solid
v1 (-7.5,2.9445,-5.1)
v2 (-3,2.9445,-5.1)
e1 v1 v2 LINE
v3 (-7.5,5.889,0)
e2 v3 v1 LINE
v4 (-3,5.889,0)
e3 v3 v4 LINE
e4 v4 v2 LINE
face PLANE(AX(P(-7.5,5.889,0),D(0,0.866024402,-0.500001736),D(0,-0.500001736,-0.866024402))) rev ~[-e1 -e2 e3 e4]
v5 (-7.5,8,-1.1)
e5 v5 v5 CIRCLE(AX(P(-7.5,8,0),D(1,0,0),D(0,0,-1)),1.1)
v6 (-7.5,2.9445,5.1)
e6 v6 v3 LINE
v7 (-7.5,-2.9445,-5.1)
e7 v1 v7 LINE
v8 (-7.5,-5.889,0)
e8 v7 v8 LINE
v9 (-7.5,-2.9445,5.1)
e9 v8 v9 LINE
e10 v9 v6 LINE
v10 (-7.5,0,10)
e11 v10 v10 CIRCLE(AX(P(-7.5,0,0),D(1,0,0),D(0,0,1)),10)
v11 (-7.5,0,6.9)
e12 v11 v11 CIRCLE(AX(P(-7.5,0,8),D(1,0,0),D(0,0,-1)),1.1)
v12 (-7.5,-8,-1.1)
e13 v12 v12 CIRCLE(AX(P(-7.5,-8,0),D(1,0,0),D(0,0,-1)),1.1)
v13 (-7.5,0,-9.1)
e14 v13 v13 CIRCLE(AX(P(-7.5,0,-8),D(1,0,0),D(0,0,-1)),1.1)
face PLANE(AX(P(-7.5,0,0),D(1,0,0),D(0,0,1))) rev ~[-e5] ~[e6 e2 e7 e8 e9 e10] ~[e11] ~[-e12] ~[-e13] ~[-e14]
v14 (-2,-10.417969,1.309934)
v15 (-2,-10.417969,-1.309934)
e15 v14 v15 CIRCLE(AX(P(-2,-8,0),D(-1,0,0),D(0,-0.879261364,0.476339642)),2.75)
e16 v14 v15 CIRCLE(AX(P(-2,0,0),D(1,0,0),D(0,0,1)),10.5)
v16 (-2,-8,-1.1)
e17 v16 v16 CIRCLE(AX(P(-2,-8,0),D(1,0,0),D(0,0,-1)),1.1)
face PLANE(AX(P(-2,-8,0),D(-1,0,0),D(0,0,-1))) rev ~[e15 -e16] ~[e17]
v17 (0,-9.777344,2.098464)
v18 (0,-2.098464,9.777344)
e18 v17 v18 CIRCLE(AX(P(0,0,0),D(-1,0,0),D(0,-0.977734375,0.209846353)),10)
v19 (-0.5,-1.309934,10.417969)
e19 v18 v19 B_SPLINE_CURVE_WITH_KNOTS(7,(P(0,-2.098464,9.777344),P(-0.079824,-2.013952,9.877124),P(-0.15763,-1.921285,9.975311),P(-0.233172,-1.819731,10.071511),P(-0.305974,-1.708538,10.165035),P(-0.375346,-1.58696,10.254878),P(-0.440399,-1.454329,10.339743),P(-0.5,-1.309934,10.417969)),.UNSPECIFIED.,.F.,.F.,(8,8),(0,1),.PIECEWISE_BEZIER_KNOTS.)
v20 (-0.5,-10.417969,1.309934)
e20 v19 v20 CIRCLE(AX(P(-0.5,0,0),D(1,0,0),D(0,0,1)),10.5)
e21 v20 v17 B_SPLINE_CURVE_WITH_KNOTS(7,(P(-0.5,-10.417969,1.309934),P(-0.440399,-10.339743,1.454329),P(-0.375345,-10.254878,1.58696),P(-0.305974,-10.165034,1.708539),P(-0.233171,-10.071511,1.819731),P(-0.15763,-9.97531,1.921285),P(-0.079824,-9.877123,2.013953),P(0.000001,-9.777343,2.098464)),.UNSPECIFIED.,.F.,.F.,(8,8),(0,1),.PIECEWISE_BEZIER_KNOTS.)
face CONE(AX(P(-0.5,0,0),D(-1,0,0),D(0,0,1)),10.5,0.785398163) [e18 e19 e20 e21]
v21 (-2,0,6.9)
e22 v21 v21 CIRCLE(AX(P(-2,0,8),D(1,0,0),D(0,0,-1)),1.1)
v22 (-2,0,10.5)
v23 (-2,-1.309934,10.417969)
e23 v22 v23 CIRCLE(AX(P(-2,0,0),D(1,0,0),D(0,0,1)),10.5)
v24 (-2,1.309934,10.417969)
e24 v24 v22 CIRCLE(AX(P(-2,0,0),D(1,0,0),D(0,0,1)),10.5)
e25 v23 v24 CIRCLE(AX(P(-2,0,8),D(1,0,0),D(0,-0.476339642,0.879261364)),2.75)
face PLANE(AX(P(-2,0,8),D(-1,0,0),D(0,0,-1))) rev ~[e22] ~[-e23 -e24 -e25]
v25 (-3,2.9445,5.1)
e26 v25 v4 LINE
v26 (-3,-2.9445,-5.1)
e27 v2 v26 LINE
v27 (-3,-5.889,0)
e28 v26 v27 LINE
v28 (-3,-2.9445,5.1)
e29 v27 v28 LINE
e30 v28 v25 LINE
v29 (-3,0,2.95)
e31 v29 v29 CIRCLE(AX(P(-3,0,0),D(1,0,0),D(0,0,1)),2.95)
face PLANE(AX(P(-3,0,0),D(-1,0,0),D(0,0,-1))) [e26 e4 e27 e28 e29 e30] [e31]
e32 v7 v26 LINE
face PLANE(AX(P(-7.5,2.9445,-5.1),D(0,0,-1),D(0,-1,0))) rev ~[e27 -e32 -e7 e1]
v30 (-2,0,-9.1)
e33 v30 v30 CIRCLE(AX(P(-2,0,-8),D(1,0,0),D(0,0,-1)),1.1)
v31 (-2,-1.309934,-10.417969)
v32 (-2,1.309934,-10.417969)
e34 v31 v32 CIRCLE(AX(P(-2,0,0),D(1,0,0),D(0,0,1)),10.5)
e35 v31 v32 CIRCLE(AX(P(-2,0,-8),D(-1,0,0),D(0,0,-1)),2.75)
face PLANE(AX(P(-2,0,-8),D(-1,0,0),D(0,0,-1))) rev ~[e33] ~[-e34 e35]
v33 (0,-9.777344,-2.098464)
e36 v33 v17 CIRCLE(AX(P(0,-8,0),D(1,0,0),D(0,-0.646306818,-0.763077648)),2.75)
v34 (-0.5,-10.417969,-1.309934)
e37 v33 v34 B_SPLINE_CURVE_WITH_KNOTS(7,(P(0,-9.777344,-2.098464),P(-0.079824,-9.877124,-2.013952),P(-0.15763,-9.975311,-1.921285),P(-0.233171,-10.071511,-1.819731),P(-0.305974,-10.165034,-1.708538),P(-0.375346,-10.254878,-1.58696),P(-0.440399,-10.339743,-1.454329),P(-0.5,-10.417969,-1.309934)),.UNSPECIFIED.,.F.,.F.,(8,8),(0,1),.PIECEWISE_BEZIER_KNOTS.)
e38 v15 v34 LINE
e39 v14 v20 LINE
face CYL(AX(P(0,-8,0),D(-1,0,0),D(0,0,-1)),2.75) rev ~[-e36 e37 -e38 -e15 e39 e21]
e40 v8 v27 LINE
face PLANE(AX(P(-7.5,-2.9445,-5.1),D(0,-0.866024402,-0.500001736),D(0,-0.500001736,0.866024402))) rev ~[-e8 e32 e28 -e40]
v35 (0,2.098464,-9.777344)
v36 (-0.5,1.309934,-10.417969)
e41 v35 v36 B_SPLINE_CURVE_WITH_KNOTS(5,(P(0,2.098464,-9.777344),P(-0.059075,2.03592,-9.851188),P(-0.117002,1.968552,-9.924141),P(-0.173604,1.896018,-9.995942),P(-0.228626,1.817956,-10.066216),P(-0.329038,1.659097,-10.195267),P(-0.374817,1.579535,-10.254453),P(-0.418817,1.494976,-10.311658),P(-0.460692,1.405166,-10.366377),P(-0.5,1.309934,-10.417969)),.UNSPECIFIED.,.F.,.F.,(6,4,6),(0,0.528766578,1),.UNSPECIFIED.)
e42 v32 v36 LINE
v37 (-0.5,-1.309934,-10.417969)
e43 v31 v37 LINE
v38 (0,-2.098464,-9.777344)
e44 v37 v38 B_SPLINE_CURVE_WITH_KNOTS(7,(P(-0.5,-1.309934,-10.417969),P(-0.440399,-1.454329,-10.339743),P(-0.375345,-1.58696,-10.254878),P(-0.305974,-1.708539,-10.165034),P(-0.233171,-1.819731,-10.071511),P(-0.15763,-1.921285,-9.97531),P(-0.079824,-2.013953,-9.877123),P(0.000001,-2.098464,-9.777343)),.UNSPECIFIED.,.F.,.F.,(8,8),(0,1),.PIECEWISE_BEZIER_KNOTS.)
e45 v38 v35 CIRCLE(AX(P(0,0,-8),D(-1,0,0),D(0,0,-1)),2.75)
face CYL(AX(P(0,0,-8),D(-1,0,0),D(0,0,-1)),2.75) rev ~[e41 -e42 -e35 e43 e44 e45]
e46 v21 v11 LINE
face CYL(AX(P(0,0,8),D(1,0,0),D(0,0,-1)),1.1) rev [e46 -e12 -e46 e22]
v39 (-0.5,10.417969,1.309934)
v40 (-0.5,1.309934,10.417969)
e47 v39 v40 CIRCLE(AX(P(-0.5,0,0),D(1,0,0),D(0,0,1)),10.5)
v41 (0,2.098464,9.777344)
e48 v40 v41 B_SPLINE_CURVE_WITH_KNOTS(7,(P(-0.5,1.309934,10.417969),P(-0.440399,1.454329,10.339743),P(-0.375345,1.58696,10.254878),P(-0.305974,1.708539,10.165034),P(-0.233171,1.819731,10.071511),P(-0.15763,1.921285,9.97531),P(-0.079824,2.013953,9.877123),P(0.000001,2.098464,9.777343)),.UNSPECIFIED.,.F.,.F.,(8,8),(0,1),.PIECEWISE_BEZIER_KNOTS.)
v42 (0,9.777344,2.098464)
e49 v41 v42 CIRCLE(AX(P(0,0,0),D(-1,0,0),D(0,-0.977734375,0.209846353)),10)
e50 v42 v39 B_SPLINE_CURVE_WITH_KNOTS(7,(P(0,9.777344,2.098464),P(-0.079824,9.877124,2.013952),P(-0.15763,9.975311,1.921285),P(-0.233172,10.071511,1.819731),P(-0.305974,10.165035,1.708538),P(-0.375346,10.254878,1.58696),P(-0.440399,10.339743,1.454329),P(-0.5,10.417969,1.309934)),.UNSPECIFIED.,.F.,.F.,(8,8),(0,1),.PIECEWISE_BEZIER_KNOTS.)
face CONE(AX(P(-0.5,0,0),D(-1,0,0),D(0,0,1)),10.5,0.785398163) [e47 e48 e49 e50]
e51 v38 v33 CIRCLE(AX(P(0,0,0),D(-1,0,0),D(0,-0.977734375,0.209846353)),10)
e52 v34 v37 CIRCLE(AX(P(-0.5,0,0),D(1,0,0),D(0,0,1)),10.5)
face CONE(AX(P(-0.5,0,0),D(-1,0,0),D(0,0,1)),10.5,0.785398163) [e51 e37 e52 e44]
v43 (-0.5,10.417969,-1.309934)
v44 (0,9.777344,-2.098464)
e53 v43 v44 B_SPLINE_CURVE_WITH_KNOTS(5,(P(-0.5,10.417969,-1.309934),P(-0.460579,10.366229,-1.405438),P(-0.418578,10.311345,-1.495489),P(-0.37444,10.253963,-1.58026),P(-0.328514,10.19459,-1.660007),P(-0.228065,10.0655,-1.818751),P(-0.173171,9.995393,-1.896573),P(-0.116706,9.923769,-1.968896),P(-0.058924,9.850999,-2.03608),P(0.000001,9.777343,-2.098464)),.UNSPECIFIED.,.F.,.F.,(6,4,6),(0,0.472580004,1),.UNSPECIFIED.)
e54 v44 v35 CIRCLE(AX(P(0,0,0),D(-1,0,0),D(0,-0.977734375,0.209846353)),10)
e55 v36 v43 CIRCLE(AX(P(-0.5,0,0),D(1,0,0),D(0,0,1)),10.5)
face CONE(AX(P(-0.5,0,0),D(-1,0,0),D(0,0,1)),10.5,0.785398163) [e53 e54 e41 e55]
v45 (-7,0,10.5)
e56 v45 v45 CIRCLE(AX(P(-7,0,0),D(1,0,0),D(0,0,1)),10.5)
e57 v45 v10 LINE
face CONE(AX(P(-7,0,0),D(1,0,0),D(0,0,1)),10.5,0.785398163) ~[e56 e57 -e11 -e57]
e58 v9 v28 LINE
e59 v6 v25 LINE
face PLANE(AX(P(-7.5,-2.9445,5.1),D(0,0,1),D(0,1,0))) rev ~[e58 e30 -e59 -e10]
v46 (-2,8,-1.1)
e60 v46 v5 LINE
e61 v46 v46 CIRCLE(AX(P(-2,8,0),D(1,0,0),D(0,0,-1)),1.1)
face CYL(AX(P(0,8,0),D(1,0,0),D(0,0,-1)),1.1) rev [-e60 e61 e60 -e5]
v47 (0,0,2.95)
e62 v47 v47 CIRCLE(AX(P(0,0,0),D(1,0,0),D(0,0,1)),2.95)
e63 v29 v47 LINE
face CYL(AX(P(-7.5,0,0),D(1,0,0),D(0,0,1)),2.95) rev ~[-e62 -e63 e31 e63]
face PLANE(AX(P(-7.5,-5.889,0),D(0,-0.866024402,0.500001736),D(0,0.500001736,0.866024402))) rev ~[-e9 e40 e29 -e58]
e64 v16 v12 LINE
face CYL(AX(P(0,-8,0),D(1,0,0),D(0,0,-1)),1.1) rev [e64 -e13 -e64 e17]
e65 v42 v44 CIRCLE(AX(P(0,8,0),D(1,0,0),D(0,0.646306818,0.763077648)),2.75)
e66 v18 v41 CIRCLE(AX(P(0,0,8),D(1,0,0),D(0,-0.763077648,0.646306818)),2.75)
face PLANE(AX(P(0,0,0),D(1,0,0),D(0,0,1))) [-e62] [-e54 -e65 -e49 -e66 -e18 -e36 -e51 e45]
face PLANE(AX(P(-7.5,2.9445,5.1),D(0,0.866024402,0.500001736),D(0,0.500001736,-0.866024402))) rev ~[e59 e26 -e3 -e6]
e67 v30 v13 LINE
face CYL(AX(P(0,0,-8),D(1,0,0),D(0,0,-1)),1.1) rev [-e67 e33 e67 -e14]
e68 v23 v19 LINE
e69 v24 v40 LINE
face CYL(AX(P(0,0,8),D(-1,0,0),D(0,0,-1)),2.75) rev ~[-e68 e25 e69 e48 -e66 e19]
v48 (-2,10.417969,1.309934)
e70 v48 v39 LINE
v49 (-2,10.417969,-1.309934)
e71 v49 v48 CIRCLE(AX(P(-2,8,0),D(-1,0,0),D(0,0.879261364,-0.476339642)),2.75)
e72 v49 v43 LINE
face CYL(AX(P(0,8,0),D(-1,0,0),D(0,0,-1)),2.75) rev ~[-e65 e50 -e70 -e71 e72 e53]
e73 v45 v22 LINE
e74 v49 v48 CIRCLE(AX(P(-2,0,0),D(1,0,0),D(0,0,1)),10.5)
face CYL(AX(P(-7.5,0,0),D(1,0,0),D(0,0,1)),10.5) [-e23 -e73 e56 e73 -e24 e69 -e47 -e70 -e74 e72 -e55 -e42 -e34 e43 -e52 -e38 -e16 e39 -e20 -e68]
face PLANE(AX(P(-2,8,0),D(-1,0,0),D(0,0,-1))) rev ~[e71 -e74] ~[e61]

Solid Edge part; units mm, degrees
sketch "Sketch1" plane through (0, 0, 0) normal (0, -1, 0) x (1, 0, 0)
  line L0 (-7.5, 10.5) -> (0, 10.5)
  line L1 (0, 10.5) -> (0, 2.95)
  line L2 (-7.5, 2.95) -> (0, 2.95)
  line L3 (-7.5, 10.5) -> (-7.5, 2.95)
  dimension "D1" = 7.5
revolve "RevolvedProtrusion1" add sketch "Sketch1" angle 360 about axis through (0, 0, 0) along (1, 0, 0)
sketch "Sketch2" plane through (-7.5, 0, 0) normal (-1, 0, 0) x (0, -1, 0)
  line L0 (2.9445, -5.1) -> (5.889, 0)
  line L1 (5.889, 0) -> (2.9445, 5.1)
  line L2 (2.9445, 5.1) -> (-2.9445, 5.1)
  line L3 (-2.9445, 5.1) -> (-5.889, 0)
  line L4 (-5.889, 0) -> (-2.9445, -5.1)
  line L5 (-2.9445, -5.1) -> (2.9445, -5.1)
  dimension "D1" = 10.2
extrude "Cutout1" cut sketch "Sketch2" against normal blind 4.5
chamfer "Fase_2" distance 0.5 angle 45 2 edges at (-7.5, 0, -10.5) (0, 0, -10.5)
hole "Bohrung_1" at (0, -8, 0) direction (-1, 0, 0) diameter 2.2 end up to next
hole "Hole1" at (0, 0, 8) direction (-1, 0, 0) diameter 2.2 end up to next
hole "Hole2" at (0, 0, -8) direction (-1, 0, 0) diameter 2.2 end up to next
hole "Hole3" at (0, 8, 0) direction (-1, 0, 0) diameter 2.2 end up to next
hole "Bohrung_5" at (0, -8, 0) direction (-1, 0, 0) diameter 5.5 depth 2
hole "Hole4" at (0, 0, 8) direction (-1, 0, 0) diameter 5.5 depth 2
hole "Hole5" at (0, 8, 0) direction (-1, 0, 0) diameter 5.5 depth 2
hole "Hole6" at (0, 0, -8) direction (-1, 0, 0) diameter 5.5 depth 2
